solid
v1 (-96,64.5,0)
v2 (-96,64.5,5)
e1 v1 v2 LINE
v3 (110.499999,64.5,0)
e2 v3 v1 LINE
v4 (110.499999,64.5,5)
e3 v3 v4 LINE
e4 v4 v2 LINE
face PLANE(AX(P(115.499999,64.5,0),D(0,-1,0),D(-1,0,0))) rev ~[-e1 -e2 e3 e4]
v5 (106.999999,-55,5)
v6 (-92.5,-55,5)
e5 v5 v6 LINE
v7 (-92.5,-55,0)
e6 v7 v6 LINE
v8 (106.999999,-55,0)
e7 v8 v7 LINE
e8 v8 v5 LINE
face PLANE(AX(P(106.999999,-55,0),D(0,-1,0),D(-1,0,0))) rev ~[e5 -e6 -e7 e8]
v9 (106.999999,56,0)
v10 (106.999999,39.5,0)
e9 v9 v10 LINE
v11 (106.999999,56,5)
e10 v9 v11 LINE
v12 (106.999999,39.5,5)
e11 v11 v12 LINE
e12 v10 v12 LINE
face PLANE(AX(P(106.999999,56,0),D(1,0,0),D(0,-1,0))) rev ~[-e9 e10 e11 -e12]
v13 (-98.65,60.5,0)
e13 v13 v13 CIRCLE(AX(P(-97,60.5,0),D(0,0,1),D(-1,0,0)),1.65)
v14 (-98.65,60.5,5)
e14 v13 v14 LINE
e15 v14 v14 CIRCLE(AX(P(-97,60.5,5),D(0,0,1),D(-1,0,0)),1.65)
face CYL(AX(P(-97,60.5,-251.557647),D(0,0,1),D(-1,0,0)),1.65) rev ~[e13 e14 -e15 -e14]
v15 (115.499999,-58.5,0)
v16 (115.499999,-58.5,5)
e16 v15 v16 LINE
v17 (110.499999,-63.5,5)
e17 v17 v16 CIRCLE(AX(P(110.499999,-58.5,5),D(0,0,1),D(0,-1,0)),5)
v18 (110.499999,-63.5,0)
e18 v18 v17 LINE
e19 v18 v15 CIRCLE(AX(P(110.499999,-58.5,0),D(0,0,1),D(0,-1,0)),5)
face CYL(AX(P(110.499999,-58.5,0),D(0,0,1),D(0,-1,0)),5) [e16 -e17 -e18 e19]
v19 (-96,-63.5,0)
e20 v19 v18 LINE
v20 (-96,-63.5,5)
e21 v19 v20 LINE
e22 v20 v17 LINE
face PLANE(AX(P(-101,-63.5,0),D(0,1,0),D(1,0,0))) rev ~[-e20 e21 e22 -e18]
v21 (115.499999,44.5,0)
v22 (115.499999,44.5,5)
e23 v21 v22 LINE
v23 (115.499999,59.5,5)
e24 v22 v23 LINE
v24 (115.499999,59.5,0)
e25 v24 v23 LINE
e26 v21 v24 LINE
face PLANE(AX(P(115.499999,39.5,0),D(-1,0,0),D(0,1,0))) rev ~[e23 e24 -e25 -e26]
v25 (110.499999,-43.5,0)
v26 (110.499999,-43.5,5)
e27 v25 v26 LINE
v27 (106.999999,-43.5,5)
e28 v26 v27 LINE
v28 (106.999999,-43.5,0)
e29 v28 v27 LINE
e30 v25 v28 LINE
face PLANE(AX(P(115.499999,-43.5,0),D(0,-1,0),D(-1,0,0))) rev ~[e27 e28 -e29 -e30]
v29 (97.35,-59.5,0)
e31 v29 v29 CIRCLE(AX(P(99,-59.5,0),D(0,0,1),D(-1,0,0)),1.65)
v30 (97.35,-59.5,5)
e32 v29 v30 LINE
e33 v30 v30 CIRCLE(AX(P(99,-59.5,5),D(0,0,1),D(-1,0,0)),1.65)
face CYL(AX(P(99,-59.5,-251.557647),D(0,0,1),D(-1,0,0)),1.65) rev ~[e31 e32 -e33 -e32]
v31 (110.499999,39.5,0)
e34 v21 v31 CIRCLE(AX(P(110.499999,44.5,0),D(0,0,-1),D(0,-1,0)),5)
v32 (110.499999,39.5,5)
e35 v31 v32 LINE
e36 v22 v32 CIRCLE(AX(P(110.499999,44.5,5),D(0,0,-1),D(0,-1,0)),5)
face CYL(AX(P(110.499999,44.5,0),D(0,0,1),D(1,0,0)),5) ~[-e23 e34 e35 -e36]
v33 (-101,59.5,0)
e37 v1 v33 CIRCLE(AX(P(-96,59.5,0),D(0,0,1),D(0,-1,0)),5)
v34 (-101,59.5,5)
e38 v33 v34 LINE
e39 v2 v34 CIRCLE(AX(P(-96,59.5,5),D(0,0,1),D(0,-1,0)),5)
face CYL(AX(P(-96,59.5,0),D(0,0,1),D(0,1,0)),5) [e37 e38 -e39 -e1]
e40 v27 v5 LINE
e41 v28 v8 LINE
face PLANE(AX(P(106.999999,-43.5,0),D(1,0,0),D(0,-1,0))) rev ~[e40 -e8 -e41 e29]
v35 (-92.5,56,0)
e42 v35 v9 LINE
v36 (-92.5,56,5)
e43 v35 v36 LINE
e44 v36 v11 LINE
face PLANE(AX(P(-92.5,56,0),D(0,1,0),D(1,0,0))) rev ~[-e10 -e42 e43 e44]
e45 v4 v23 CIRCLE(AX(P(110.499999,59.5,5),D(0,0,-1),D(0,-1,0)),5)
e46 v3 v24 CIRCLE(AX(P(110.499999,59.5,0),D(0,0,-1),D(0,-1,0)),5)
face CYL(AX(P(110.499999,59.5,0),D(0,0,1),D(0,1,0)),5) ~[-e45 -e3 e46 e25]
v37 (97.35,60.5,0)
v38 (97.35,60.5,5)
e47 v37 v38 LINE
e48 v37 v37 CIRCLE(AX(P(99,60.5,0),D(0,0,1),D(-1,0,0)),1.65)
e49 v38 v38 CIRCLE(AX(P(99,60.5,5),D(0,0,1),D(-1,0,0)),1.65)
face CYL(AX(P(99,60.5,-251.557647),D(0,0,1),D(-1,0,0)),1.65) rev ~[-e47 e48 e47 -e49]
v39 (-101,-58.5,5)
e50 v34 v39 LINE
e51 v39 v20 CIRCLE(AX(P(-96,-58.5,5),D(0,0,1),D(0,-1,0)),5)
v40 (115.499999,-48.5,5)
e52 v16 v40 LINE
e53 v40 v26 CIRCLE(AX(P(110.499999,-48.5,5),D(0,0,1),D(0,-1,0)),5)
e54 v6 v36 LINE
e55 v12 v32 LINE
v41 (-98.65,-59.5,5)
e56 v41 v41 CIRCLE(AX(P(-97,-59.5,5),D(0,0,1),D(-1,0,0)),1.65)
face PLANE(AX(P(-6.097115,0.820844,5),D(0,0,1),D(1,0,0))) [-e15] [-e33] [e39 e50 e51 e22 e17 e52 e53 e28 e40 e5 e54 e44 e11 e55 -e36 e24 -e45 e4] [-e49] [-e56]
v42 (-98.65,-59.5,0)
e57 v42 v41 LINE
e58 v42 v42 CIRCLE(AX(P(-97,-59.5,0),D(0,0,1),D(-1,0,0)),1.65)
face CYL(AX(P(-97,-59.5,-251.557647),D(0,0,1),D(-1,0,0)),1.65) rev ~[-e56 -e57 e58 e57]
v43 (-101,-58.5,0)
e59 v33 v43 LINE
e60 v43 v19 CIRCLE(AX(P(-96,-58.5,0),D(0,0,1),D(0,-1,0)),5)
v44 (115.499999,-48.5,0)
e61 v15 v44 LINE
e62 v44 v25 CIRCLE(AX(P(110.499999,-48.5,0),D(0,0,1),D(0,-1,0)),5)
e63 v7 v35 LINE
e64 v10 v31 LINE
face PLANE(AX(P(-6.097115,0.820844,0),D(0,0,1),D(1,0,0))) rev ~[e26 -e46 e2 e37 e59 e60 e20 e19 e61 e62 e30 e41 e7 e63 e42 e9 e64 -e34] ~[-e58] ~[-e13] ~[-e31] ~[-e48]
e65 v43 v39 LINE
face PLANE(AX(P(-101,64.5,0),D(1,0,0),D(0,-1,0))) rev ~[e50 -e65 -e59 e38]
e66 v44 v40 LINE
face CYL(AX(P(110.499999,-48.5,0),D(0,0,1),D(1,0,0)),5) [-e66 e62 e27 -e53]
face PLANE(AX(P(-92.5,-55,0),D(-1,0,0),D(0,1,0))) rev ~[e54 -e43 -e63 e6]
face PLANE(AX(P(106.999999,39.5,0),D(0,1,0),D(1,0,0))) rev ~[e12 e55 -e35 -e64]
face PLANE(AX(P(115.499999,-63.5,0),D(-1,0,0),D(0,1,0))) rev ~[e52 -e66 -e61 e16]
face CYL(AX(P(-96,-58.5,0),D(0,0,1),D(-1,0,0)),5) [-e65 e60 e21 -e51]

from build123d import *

# Parameters (mm, degrees)
F1_DEPTH = 5
F2_D     = 3.3
F3_R     = 5


with BuildPart() as f1:
    # F0 (on Top) → F1 (new body)
    with BuildSketch(Plane.XY):
        Polygon((115.4999993443, 64.5), (103, 64.5), (-101, 64.5), (-101, -63.5), (103, -63.5), (115.4999993443, -63.5), (115.4999993443, -43.5), (106.9999993443, -43.5), (106.9999993443, -55), (103, -55), (-92.5, -55), (-92.5, 56), (103, 56), (106.9999993443, 56), (106.9999993443, 39.5), (115.4999993443, 39.5), align=None)
    extrude(amount=F1_DEPTH)

    # F2 (through all)
    with Locations(Plane(origin=(0, 0, 0), x_dir=(1, 0, 0), z_dir=(0, 0, -1))):
        with Locations((-97, -60.5), (99, -60.5), (99, 59.5), (-97, 59.5)):
            Hole(F2_D / 2)

    # F3
    f3_edges = [f1.edges().sort_by_distance(p)[0] for p in [
        (-101, -63.5, 2.5),
        (115.499999, -63.5, 2.5),
        (115.499999, -43.5, 2.5),
        (115.499999, 39.5, 2.5),
        (115.499999, 64.5, 2.5),
        (-101, 64.5, 2.5),
    ]]
    fillet(f3_edges, radius=F3_R)


solid = f1.part
